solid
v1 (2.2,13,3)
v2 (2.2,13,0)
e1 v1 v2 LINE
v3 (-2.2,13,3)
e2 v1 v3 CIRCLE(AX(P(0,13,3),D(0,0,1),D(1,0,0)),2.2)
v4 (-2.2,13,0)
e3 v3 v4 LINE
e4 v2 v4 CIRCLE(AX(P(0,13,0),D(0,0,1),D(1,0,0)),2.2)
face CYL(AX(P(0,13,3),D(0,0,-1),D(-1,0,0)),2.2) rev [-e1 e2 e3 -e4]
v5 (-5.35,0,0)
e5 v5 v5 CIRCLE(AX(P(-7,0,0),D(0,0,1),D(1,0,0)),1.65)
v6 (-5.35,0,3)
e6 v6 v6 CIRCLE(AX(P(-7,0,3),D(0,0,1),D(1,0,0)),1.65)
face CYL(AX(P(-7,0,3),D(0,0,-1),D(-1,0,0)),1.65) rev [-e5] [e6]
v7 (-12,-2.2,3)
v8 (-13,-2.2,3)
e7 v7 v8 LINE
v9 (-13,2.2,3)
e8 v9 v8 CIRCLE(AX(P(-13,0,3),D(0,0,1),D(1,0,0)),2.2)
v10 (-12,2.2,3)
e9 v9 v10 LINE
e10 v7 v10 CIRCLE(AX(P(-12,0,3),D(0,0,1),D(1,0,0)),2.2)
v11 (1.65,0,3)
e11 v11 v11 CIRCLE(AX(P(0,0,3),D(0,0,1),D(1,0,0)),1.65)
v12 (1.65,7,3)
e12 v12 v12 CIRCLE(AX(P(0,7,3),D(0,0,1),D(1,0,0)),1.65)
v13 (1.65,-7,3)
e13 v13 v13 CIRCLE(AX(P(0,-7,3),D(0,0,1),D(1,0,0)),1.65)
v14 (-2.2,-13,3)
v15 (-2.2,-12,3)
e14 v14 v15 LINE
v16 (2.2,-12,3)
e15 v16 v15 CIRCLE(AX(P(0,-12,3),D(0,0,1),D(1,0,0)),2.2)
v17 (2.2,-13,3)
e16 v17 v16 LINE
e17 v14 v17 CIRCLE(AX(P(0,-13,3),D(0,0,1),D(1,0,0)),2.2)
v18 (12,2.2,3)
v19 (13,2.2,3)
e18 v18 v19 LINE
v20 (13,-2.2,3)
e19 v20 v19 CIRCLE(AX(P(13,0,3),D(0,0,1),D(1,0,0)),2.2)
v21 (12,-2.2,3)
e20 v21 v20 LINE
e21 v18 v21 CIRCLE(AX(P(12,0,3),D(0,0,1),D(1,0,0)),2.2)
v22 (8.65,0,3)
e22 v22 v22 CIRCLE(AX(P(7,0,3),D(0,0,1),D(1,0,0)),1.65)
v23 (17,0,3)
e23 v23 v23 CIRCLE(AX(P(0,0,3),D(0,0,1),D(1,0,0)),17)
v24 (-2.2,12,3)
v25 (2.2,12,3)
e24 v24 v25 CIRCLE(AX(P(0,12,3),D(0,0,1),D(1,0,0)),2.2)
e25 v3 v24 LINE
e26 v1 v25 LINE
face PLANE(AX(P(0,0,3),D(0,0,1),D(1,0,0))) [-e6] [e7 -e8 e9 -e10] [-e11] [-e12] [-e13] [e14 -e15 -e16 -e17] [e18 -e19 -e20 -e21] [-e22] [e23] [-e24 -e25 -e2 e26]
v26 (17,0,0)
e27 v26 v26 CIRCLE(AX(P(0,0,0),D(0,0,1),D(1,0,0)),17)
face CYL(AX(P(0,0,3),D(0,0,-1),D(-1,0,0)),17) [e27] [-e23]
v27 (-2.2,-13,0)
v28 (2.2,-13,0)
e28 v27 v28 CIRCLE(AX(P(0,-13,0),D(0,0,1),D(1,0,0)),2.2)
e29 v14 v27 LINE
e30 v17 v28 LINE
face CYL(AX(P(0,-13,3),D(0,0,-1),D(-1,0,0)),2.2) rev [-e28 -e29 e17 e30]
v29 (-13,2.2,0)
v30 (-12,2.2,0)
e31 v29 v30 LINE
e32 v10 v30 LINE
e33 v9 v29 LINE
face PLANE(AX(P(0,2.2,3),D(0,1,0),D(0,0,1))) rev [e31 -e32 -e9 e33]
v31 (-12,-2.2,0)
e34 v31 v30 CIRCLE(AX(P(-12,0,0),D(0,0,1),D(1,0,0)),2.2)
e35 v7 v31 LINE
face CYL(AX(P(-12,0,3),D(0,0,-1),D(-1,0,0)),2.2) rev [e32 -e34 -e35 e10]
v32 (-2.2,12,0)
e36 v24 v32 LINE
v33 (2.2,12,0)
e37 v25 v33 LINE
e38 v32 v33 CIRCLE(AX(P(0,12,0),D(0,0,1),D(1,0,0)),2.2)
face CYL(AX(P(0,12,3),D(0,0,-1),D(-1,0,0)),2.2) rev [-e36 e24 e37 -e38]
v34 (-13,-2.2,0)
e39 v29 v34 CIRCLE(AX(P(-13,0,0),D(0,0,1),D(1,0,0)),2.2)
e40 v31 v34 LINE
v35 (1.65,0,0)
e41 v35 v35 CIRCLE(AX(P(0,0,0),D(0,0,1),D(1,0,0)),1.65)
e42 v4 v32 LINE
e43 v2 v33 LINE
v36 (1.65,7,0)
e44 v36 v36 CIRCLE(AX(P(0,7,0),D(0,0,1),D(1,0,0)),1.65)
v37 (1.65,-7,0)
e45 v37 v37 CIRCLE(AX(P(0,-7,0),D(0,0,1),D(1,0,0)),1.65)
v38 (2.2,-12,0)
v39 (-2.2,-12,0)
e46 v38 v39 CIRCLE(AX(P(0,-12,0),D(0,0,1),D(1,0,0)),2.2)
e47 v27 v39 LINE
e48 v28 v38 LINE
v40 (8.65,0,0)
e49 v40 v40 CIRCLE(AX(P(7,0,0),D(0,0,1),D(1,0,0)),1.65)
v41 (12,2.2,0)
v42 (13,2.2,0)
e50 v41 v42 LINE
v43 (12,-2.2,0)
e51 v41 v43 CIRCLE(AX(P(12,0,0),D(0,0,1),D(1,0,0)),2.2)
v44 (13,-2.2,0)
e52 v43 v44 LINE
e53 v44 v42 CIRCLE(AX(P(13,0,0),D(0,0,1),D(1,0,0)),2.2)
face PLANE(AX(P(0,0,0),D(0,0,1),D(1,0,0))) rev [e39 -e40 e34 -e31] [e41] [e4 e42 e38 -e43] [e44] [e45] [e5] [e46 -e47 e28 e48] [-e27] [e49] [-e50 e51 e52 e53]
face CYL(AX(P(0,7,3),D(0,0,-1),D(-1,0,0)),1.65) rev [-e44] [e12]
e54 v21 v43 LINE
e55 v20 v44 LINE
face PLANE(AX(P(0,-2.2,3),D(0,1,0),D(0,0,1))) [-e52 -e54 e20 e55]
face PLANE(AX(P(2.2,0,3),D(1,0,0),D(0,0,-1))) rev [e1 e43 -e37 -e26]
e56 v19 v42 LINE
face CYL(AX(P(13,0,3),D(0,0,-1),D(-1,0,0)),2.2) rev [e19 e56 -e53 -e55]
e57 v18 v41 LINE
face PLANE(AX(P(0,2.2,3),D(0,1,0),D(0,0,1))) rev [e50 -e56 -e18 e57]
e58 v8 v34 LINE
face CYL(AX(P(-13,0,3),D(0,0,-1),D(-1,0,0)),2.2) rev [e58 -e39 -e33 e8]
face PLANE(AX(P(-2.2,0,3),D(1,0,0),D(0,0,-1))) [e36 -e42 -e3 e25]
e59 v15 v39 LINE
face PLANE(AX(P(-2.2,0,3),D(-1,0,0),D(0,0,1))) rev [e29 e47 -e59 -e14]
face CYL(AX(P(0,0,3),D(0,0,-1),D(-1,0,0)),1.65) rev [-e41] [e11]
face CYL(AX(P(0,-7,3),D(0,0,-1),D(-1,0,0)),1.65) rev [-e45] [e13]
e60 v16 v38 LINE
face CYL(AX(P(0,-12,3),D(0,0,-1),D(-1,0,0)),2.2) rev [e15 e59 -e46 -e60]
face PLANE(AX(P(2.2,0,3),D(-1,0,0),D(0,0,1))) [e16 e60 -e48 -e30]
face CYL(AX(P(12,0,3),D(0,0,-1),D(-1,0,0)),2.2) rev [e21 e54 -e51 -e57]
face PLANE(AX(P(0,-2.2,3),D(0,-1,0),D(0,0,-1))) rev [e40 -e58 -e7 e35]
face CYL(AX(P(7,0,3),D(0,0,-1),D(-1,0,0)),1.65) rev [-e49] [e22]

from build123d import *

# Parameters (mm, degrees)
SKETCH_1_R      = 17
SKETCH_1_R_2    = 1.65
EXTRUDE_1_DEPTH = 3


with BuildPart() as part:
    # 草图1 → 凸台-拉伸1 (new body)
    with BuildSketch(Plane.XY):
        Circle(SKETCH_1_R)
        with BuildLine():
            ThreePointArc((2.2, -13), (0, -15.2), (-2.2, -13))
            Line((-2.2, -13), (-2.2, -12))
            ThreePointArc((-2.2, -12), (0, -9.8), (2.2, -12))
            Line((2.2, -12), (2.2, -13))
        make_face(mode=Mode.SUBTRACT)
        with Locations((0, -7)):
            Circle(SKETCH_1_R_2, mode=Mode.SUBTRACT)
        with BuildLine():
            ThreePointArc((-13, -2.2), (-15.2, 0), (-13, 2.2))
            Line((-13, 2.2), (-12, 2.2))
            ThreePointArc((-12, 2.2), (-10.444365081, 1.555634919), (-9.8, 0))
            ThreePointArc((-9.8, 0), (-10.444365081, -1.555634919), (-12, -2.2))
            Line((-12, -2.2), (-13, -2.2))
        make_face(mode=Mode.SUBTRACT)
        with Locations((-7, 0)):
            Circle(SKETCH_1_R_2, mode=Mode.SUBTRACT)
        Circle(SKETCH_1_R_2, mode=Mode.SUBTRACT)
        with Locations((7, 0)):
            Circle(SKETCH_1_R_2, mode=Mode.SUBTRACT)
        with Locations((0, 7)):
            Circle(SKETCH_1_R_2, mode=Mode.SUBTRACT)
        with BuildLine():
            Line((13, -2.2), (12, -2.2))
            ThreePointArc((12, -2.2), (9.8, 0), (12, 2.2))
            Line((12, 2.2), (13, 2.2))
            ThreePointArc((13, 2.2), (14.555634919, 1.555634919), (15.2, 0))
            ThreePointArc((15.2, 0), (14.555634919, -1.555634919), (13, -2.2))
        make_face(mode=Mode.SUBTRACT)
        with BuildLine():
            Line((-2.2, 12), (-2.2, 13))
            ThreePointArc((-2.2, 13), (0, 15.2), (2.2, 13))
            Line((2.2, 13), (2.2, 12))
            ThreePointArc((2.2, 12), (0, 9.8), (-2.2, 12))
        make_face(mode=Mode.SUBTRACT)
    extrude(amount=EXTRUDE_1_DEPTH)


solid = part.part
